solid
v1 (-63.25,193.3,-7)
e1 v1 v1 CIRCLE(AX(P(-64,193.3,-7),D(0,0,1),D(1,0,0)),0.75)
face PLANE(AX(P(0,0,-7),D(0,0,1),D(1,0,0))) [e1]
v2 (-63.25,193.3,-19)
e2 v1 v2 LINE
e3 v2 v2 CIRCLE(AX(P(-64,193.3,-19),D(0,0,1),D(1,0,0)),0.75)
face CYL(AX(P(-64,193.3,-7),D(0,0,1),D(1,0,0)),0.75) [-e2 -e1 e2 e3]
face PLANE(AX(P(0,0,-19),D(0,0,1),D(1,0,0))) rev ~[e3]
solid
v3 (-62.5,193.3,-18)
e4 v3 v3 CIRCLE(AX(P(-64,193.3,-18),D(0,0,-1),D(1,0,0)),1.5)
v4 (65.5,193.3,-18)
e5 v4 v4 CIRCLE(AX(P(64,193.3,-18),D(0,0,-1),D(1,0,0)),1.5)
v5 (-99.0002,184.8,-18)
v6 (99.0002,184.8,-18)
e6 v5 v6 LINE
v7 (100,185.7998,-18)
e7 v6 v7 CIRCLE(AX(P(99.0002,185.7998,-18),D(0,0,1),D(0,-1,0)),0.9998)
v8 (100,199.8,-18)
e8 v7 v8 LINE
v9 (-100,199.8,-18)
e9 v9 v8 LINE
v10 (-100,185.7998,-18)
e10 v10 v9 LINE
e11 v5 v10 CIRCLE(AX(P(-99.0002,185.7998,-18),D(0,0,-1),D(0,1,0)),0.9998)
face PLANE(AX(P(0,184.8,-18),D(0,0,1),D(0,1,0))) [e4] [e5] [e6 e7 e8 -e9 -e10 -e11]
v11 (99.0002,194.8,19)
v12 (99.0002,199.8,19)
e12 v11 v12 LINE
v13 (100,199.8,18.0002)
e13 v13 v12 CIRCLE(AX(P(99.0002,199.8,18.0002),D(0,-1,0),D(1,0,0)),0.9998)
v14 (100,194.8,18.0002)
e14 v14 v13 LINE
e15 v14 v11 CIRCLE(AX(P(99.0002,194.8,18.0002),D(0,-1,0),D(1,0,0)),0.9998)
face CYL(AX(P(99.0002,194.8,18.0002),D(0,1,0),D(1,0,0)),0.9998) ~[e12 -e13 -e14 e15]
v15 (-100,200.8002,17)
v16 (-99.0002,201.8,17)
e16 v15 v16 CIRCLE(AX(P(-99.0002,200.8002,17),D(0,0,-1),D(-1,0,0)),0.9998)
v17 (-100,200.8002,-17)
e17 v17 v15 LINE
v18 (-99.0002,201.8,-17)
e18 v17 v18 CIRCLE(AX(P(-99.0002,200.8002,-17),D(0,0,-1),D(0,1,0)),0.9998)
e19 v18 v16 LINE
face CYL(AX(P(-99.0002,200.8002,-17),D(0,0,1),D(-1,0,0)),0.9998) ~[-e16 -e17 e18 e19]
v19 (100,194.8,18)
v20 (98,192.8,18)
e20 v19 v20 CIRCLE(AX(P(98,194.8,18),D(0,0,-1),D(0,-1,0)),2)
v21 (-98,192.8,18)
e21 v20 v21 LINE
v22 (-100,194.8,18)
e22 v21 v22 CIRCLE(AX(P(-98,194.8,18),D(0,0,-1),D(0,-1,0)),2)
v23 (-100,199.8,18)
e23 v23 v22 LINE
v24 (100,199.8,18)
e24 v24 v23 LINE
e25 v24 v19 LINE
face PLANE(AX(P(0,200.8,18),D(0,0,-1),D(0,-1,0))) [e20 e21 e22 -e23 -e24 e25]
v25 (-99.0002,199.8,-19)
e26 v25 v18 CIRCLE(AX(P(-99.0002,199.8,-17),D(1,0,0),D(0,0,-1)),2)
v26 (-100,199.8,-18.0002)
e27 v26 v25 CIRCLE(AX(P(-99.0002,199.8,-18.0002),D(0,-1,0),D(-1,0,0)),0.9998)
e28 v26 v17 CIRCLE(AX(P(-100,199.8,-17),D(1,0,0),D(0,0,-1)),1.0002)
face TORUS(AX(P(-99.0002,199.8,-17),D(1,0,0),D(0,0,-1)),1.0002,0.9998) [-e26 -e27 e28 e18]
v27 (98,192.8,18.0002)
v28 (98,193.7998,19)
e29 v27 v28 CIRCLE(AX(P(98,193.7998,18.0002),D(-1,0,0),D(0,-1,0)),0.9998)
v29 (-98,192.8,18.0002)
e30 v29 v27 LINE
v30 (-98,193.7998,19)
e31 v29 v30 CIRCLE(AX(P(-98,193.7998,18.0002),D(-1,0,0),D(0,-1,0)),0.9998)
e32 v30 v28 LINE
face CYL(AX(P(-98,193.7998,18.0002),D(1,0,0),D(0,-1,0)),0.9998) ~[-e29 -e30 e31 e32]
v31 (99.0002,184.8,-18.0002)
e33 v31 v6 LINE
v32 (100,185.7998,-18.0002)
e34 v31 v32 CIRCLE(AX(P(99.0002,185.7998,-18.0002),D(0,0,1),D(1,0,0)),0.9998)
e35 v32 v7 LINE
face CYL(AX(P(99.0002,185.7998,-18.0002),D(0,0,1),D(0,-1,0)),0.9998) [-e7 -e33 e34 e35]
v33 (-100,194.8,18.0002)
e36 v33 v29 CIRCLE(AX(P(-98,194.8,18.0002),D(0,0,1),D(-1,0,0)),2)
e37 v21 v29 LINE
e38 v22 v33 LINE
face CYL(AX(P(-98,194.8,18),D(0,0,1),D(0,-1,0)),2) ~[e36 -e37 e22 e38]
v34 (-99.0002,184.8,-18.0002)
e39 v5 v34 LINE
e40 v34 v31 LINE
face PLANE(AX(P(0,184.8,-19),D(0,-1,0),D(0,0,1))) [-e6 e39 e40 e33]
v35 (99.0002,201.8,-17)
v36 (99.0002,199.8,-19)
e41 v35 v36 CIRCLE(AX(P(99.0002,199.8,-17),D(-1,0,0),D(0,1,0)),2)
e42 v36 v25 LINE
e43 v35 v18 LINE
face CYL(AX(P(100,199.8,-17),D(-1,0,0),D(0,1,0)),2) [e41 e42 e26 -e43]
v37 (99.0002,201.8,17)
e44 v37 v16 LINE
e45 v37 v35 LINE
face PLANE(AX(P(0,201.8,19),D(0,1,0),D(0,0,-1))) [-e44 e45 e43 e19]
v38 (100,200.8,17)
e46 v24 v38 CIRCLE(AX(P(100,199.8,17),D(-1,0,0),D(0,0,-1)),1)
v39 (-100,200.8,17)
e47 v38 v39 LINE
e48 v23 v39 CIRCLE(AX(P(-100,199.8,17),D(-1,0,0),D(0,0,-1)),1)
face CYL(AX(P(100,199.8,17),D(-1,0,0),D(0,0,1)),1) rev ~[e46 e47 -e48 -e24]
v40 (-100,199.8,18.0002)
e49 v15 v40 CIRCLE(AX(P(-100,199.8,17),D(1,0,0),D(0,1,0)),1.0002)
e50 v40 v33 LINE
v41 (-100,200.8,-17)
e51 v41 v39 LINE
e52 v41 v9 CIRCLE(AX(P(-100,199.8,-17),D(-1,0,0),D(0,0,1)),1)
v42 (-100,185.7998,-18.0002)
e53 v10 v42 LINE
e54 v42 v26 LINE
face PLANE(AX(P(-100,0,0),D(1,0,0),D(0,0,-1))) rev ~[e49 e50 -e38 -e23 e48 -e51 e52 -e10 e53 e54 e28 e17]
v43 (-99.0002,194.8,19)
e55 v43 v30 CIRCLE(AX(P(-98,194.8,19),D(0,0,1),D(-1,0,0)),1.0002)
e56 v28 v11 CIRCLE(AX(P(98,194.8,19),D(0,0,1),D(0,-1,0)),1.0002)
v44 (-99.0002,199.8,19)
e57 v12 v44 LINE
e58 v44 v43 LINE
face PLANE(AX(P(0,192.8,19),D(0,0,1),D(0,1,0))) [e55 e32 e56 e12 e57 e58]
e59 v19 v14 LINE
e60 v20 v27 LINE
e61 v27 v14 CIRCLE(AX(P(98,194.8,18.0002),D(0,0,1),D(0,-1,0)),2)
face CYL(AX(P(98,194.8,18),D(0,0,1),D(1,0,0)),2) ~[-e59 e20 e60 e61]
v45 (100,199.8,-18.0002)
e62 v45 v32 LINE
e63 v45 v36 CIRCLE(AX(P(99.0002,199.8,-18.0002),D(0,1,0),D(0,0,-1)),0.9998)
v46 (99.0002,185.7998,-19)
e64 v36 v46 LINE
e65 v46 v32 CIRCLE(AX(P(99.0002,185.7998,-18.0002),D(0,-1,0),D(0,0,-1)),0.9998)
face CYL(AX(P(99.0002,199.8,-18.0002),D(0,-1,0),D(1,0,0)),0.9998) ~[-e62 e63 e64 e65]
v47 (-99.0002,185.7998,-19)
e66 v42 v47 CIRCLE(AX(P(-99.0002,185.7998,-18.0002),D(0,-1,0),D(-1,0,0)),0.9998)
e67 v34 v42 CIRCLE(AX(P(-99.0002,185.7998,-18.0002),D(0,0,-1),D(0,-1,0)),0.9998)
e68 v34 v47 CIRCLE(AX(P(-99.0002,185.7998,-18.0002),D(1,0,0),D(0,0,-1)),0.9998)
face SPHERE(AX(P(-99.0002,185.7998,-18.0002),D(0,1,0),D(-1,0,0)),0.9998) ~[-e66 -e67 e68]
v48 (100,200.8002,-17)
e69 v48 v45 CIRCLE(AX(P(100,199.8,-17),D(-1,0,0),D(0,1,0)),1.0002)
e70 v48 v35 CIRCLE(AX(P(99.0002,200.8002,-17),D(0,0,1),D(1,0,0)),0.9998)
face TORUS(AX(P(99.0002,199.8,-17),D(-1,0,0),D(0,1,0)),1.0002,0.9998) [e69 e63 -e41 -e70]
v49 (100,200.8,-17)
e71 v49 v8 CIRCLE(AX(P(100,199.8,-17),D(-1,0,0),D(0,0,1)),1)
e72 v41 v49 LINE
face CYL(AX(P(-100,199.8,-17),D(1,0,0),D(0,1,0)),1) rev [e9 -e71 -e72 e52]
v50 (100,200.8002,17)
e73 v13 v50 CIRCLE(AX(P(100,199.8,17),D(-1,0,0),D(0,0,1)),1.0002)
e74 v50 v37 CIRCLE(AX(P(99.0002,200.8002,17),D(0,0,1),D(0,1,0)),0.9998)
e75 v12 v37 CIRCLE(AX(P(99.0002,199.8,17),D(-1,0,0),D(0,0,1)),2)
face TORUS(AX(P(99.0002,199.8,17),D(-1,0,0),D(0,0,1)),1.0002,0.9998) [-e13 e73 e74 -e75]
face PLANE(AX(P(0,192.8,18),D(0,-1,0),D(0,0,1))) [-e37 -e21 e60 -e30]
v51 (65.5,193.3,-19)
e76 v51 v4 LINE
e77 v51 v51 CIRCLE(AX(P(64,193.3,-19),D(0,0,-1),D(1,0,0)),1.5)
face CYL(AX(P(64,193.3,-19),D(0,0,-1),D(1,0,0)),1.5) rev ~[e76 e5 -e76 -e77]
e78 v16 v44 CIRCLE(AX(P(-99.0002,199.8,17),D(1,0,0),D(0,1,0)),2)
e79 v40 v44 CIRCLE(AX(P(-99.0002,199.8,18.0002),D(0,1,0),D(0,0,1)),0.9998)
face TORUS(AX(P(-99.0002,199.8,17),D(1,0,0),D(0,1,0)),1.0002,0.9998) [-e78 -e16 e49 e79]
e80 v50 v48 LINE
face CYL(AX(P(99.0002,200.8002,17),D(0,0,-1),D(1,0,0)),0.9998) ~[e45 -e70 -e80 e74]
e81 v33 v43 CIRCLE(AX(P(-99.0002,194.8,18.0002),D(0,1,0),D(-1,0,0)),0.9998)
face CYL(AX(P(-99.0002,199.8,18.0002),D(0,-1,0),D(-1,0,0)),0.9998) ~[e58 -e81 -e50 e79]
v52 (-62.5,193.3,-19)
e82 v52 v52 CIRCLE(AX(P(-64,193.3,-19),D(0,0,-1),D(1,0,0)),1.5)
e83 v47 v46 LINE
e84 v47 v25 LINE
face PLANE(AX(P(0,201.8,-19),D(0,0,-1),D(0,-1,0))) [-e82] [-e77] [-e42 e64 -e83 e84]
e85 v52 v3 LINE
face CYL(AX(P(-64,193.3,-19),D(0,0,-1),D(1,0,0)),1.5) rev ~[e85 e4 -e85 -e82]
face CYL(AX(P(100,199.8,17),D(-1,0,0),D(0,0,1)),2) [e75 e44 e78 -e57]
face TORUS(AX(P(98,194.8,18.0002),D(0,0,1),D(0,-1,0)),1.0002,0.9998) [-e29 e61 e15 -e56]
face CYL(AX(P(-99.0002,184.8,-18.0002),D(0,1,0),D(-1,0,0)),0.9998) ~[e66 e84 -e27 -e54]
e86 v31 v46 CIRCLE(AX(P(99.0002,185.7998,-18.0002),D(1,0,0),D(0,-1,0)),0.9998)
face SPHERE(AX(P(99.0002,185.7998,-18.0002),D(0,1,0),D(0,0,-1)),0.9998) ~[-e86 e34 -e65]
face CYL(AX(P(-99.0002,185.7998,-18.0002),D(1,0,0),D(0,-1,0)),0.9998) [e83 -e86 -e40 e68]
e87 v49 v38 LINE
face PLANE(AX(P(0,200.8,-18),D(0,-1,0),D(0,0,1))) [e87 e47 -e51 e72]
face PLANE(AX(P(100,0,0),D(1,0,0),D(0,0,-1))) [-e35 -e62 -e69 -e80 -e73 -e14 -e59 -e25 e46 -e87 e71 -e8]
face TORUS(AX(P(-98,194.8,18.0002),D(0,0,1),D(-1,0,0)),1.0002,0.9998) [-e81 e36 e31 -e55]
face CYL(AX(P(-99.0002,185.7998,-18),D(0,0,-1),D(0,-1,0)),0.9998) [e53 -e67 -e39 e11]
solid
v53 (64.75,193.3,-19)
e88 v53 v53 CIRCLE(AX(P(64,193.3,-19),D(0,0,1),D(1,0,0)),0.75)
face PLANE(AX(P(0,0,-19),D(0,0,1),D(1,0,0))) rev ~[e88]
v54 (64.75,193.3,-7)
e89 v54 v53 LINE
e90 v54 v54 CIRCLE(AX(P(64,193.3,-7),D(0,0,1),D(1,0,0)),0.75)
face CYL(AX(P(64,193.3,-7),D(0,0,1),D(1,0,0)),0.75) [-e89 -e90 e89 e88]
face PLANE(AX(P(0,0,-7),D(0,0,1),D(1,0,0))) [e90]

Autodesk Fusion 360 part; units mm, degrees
sketch "Facade" plane through (0, 0, 0) normal (0, 0, 1) x (1, 0, 0)
  line L0 (150, -200) -> (-150, -200)
  line L1 (-150, -200) -> (-150, 200)
  line L2 (-150, 200) -> (150, 200)
  line L3 (150, 200) -> (150, -200)
  line L4 (150, -200) -> (-150, 200) construction
  line L5 (-150, -200) -> (150, 200) construction
  dimension "d4" = 400
  dimension "d5" = 300
sketch "Sketch7" plane through (0, 0, 0) normal (1, 0, 0) x (0, 0, -1)
  line L0 (0, -200) -> (0, 200)
  line L1 (18, 200.8) -> (-18, 200.8)
  line L2 (-18, 200.8) -> (-18, 192.8)
  line L3 (-18, 192.8) -> (-19, 192.8)
  line L4 (-19, 192.8) -> (-19, 201.8)
  line L5 (-19, 201.8) -> (19, 201.8)
  line L6 (19, 201.8) -> (19, 184.8)
  line L7 (19, 184.8) -> (18, 184.8)
  line L8 (18, 184.8) -> (18, 200.8)
  point P0 (0, 200)
  point P1 (0, 200.8)
  point P2 (0, 200)
  dimension "d52" = 18
  dimension "d53" = 36
  dimension "d54" = 1
  dimension "d55" = 1
  dimension "d56" = 1
  dimension "d58" = 8
  dimension "d59" = 0.8
  dimension "d74" = 17
extrude "Extrude7" add sketch "Sketch7" along normal mid plane 200 makes body 1
fillet "Fillet2" radius 2 2 edges at (0, 201.8, -19) (0, 201.8, 19) on bodies 1
fillet "Fillet3" radius 2 2 edges at (-100, 192.8, 18.5) (100, 192.8, 18.5) on bodies 1
fillet "Fillet4" radius 1 2 edges at (0, 200.8, -18) (0, 200.8, 18) on bodies 1
fillet "Fillet5" radius 1 13 edges at (100, 192.3, -19) (100, 201.2142, -18.4142) (100, 201.8, 0) (100, 201.2142, 18.4142) (100, 197.3, 19) (99.4142, 193.3858, 19) (0, 192.8, 19) (-99.4142, 193.3858, 19) (-100, 197.3, 19) (-100, 201.2142, 18.4142) (-100, 201.8, 0) (-100, 201.2142, -18.4142) (-100, 192.3, -19) on bodies 1
fillet "Fillet6" radius 1 3 edges at (-99.7071, 184.8, -18.7071) (0, 184.8, -19) (99.7071, 184.8, -18.7071) on bodies 1
sketch "Sketch8" plane through (0, 0, -19) normal (0, 0, -1) x (1, 0, 0)
  line L0 (99, -185.8) -> (-99, -185.8)
  line L1 (-99, -185.8) -> (-99, -199.8)
  line L2 (-99, -199.8) -> (99, -199.8)
  line L3 (99, -199.8) -> (99, -185.8)
  line L4 (64, -193.3) -> (-64, -193.3) construction
  line L5 (-99, -201.8) -> (99, -201.8) construction
  circle A0 centre (64, -193.3) radius 1.5
  circle A1 centre (-64, -193.3) radius 1.5
  point P0 (0, -193.3)
  dimension "d73" = 8.5
  dimension "d76" = 128
  dimension "d77" = 3
  dimension "d78" = 3
extrude "Extrude8" cut sketch "Sketch8" against normal up to surface (1 mm away) contours A0 | A1 bodies 1
sketch "Sketch9" plane through (0, 0, 0) normal (0, 0, 1) x (1, 0, 0)
  circle A0 centre (-64, 193.3) radius 1.5
  circle A1 centre (64, 193.3) radius 1.5
  circle A2 centre (-64, 193.3) radius 0.75
  circle A3 centre (64, 193.3) radius 0.75
  dimension "d81" = 1.5
  dimension "d82" = 1.5
extrude "Extrude9" add sketch "Sketch9" along normal blind -19 and the other way blind 7 separate body contours A2 makes body 2
extrude "Extrude10" add sketch "Sketch9" along normal blind -19 and the other way blind 7 separate body contours A3 makes body 3
equation "FacadeWidth = 300 mm"
equation "FacadeHeight = 400 mm"
equation "d4 = FacadeHeight"
equation "d5 = FacadeWidth"
equation "Gap = 0.8 mm" comment "If gap is needed, please enter 20 mm"
equation "FacadeThickness = 18 mm"
equation "d52 = FacadeThickness"
equation "d53 = FacadeThickness * 2"
equation "d55 = d54"
equation "d56 = d55"
equation "d59 = Gap"
equation "HandleLength = 200 mm" comment "Possible lengths:50; 100; 200; 400; 800;1100"
equation "d61 = HandleLength"
equation "C2 = ( if(HandleLength == 50 mm; 32; if(HandleLength == 100 mm; 64; if(HandleLength == 200 mm; 128; if(HandleLength == 400 mm; 320; if(HandleLength == 800 mm; 736; if(HandleLength == 1100 mm; 1056; 32)))))) ) * 1 mm"
equation "d76 = C2"
properties part number "Way"
